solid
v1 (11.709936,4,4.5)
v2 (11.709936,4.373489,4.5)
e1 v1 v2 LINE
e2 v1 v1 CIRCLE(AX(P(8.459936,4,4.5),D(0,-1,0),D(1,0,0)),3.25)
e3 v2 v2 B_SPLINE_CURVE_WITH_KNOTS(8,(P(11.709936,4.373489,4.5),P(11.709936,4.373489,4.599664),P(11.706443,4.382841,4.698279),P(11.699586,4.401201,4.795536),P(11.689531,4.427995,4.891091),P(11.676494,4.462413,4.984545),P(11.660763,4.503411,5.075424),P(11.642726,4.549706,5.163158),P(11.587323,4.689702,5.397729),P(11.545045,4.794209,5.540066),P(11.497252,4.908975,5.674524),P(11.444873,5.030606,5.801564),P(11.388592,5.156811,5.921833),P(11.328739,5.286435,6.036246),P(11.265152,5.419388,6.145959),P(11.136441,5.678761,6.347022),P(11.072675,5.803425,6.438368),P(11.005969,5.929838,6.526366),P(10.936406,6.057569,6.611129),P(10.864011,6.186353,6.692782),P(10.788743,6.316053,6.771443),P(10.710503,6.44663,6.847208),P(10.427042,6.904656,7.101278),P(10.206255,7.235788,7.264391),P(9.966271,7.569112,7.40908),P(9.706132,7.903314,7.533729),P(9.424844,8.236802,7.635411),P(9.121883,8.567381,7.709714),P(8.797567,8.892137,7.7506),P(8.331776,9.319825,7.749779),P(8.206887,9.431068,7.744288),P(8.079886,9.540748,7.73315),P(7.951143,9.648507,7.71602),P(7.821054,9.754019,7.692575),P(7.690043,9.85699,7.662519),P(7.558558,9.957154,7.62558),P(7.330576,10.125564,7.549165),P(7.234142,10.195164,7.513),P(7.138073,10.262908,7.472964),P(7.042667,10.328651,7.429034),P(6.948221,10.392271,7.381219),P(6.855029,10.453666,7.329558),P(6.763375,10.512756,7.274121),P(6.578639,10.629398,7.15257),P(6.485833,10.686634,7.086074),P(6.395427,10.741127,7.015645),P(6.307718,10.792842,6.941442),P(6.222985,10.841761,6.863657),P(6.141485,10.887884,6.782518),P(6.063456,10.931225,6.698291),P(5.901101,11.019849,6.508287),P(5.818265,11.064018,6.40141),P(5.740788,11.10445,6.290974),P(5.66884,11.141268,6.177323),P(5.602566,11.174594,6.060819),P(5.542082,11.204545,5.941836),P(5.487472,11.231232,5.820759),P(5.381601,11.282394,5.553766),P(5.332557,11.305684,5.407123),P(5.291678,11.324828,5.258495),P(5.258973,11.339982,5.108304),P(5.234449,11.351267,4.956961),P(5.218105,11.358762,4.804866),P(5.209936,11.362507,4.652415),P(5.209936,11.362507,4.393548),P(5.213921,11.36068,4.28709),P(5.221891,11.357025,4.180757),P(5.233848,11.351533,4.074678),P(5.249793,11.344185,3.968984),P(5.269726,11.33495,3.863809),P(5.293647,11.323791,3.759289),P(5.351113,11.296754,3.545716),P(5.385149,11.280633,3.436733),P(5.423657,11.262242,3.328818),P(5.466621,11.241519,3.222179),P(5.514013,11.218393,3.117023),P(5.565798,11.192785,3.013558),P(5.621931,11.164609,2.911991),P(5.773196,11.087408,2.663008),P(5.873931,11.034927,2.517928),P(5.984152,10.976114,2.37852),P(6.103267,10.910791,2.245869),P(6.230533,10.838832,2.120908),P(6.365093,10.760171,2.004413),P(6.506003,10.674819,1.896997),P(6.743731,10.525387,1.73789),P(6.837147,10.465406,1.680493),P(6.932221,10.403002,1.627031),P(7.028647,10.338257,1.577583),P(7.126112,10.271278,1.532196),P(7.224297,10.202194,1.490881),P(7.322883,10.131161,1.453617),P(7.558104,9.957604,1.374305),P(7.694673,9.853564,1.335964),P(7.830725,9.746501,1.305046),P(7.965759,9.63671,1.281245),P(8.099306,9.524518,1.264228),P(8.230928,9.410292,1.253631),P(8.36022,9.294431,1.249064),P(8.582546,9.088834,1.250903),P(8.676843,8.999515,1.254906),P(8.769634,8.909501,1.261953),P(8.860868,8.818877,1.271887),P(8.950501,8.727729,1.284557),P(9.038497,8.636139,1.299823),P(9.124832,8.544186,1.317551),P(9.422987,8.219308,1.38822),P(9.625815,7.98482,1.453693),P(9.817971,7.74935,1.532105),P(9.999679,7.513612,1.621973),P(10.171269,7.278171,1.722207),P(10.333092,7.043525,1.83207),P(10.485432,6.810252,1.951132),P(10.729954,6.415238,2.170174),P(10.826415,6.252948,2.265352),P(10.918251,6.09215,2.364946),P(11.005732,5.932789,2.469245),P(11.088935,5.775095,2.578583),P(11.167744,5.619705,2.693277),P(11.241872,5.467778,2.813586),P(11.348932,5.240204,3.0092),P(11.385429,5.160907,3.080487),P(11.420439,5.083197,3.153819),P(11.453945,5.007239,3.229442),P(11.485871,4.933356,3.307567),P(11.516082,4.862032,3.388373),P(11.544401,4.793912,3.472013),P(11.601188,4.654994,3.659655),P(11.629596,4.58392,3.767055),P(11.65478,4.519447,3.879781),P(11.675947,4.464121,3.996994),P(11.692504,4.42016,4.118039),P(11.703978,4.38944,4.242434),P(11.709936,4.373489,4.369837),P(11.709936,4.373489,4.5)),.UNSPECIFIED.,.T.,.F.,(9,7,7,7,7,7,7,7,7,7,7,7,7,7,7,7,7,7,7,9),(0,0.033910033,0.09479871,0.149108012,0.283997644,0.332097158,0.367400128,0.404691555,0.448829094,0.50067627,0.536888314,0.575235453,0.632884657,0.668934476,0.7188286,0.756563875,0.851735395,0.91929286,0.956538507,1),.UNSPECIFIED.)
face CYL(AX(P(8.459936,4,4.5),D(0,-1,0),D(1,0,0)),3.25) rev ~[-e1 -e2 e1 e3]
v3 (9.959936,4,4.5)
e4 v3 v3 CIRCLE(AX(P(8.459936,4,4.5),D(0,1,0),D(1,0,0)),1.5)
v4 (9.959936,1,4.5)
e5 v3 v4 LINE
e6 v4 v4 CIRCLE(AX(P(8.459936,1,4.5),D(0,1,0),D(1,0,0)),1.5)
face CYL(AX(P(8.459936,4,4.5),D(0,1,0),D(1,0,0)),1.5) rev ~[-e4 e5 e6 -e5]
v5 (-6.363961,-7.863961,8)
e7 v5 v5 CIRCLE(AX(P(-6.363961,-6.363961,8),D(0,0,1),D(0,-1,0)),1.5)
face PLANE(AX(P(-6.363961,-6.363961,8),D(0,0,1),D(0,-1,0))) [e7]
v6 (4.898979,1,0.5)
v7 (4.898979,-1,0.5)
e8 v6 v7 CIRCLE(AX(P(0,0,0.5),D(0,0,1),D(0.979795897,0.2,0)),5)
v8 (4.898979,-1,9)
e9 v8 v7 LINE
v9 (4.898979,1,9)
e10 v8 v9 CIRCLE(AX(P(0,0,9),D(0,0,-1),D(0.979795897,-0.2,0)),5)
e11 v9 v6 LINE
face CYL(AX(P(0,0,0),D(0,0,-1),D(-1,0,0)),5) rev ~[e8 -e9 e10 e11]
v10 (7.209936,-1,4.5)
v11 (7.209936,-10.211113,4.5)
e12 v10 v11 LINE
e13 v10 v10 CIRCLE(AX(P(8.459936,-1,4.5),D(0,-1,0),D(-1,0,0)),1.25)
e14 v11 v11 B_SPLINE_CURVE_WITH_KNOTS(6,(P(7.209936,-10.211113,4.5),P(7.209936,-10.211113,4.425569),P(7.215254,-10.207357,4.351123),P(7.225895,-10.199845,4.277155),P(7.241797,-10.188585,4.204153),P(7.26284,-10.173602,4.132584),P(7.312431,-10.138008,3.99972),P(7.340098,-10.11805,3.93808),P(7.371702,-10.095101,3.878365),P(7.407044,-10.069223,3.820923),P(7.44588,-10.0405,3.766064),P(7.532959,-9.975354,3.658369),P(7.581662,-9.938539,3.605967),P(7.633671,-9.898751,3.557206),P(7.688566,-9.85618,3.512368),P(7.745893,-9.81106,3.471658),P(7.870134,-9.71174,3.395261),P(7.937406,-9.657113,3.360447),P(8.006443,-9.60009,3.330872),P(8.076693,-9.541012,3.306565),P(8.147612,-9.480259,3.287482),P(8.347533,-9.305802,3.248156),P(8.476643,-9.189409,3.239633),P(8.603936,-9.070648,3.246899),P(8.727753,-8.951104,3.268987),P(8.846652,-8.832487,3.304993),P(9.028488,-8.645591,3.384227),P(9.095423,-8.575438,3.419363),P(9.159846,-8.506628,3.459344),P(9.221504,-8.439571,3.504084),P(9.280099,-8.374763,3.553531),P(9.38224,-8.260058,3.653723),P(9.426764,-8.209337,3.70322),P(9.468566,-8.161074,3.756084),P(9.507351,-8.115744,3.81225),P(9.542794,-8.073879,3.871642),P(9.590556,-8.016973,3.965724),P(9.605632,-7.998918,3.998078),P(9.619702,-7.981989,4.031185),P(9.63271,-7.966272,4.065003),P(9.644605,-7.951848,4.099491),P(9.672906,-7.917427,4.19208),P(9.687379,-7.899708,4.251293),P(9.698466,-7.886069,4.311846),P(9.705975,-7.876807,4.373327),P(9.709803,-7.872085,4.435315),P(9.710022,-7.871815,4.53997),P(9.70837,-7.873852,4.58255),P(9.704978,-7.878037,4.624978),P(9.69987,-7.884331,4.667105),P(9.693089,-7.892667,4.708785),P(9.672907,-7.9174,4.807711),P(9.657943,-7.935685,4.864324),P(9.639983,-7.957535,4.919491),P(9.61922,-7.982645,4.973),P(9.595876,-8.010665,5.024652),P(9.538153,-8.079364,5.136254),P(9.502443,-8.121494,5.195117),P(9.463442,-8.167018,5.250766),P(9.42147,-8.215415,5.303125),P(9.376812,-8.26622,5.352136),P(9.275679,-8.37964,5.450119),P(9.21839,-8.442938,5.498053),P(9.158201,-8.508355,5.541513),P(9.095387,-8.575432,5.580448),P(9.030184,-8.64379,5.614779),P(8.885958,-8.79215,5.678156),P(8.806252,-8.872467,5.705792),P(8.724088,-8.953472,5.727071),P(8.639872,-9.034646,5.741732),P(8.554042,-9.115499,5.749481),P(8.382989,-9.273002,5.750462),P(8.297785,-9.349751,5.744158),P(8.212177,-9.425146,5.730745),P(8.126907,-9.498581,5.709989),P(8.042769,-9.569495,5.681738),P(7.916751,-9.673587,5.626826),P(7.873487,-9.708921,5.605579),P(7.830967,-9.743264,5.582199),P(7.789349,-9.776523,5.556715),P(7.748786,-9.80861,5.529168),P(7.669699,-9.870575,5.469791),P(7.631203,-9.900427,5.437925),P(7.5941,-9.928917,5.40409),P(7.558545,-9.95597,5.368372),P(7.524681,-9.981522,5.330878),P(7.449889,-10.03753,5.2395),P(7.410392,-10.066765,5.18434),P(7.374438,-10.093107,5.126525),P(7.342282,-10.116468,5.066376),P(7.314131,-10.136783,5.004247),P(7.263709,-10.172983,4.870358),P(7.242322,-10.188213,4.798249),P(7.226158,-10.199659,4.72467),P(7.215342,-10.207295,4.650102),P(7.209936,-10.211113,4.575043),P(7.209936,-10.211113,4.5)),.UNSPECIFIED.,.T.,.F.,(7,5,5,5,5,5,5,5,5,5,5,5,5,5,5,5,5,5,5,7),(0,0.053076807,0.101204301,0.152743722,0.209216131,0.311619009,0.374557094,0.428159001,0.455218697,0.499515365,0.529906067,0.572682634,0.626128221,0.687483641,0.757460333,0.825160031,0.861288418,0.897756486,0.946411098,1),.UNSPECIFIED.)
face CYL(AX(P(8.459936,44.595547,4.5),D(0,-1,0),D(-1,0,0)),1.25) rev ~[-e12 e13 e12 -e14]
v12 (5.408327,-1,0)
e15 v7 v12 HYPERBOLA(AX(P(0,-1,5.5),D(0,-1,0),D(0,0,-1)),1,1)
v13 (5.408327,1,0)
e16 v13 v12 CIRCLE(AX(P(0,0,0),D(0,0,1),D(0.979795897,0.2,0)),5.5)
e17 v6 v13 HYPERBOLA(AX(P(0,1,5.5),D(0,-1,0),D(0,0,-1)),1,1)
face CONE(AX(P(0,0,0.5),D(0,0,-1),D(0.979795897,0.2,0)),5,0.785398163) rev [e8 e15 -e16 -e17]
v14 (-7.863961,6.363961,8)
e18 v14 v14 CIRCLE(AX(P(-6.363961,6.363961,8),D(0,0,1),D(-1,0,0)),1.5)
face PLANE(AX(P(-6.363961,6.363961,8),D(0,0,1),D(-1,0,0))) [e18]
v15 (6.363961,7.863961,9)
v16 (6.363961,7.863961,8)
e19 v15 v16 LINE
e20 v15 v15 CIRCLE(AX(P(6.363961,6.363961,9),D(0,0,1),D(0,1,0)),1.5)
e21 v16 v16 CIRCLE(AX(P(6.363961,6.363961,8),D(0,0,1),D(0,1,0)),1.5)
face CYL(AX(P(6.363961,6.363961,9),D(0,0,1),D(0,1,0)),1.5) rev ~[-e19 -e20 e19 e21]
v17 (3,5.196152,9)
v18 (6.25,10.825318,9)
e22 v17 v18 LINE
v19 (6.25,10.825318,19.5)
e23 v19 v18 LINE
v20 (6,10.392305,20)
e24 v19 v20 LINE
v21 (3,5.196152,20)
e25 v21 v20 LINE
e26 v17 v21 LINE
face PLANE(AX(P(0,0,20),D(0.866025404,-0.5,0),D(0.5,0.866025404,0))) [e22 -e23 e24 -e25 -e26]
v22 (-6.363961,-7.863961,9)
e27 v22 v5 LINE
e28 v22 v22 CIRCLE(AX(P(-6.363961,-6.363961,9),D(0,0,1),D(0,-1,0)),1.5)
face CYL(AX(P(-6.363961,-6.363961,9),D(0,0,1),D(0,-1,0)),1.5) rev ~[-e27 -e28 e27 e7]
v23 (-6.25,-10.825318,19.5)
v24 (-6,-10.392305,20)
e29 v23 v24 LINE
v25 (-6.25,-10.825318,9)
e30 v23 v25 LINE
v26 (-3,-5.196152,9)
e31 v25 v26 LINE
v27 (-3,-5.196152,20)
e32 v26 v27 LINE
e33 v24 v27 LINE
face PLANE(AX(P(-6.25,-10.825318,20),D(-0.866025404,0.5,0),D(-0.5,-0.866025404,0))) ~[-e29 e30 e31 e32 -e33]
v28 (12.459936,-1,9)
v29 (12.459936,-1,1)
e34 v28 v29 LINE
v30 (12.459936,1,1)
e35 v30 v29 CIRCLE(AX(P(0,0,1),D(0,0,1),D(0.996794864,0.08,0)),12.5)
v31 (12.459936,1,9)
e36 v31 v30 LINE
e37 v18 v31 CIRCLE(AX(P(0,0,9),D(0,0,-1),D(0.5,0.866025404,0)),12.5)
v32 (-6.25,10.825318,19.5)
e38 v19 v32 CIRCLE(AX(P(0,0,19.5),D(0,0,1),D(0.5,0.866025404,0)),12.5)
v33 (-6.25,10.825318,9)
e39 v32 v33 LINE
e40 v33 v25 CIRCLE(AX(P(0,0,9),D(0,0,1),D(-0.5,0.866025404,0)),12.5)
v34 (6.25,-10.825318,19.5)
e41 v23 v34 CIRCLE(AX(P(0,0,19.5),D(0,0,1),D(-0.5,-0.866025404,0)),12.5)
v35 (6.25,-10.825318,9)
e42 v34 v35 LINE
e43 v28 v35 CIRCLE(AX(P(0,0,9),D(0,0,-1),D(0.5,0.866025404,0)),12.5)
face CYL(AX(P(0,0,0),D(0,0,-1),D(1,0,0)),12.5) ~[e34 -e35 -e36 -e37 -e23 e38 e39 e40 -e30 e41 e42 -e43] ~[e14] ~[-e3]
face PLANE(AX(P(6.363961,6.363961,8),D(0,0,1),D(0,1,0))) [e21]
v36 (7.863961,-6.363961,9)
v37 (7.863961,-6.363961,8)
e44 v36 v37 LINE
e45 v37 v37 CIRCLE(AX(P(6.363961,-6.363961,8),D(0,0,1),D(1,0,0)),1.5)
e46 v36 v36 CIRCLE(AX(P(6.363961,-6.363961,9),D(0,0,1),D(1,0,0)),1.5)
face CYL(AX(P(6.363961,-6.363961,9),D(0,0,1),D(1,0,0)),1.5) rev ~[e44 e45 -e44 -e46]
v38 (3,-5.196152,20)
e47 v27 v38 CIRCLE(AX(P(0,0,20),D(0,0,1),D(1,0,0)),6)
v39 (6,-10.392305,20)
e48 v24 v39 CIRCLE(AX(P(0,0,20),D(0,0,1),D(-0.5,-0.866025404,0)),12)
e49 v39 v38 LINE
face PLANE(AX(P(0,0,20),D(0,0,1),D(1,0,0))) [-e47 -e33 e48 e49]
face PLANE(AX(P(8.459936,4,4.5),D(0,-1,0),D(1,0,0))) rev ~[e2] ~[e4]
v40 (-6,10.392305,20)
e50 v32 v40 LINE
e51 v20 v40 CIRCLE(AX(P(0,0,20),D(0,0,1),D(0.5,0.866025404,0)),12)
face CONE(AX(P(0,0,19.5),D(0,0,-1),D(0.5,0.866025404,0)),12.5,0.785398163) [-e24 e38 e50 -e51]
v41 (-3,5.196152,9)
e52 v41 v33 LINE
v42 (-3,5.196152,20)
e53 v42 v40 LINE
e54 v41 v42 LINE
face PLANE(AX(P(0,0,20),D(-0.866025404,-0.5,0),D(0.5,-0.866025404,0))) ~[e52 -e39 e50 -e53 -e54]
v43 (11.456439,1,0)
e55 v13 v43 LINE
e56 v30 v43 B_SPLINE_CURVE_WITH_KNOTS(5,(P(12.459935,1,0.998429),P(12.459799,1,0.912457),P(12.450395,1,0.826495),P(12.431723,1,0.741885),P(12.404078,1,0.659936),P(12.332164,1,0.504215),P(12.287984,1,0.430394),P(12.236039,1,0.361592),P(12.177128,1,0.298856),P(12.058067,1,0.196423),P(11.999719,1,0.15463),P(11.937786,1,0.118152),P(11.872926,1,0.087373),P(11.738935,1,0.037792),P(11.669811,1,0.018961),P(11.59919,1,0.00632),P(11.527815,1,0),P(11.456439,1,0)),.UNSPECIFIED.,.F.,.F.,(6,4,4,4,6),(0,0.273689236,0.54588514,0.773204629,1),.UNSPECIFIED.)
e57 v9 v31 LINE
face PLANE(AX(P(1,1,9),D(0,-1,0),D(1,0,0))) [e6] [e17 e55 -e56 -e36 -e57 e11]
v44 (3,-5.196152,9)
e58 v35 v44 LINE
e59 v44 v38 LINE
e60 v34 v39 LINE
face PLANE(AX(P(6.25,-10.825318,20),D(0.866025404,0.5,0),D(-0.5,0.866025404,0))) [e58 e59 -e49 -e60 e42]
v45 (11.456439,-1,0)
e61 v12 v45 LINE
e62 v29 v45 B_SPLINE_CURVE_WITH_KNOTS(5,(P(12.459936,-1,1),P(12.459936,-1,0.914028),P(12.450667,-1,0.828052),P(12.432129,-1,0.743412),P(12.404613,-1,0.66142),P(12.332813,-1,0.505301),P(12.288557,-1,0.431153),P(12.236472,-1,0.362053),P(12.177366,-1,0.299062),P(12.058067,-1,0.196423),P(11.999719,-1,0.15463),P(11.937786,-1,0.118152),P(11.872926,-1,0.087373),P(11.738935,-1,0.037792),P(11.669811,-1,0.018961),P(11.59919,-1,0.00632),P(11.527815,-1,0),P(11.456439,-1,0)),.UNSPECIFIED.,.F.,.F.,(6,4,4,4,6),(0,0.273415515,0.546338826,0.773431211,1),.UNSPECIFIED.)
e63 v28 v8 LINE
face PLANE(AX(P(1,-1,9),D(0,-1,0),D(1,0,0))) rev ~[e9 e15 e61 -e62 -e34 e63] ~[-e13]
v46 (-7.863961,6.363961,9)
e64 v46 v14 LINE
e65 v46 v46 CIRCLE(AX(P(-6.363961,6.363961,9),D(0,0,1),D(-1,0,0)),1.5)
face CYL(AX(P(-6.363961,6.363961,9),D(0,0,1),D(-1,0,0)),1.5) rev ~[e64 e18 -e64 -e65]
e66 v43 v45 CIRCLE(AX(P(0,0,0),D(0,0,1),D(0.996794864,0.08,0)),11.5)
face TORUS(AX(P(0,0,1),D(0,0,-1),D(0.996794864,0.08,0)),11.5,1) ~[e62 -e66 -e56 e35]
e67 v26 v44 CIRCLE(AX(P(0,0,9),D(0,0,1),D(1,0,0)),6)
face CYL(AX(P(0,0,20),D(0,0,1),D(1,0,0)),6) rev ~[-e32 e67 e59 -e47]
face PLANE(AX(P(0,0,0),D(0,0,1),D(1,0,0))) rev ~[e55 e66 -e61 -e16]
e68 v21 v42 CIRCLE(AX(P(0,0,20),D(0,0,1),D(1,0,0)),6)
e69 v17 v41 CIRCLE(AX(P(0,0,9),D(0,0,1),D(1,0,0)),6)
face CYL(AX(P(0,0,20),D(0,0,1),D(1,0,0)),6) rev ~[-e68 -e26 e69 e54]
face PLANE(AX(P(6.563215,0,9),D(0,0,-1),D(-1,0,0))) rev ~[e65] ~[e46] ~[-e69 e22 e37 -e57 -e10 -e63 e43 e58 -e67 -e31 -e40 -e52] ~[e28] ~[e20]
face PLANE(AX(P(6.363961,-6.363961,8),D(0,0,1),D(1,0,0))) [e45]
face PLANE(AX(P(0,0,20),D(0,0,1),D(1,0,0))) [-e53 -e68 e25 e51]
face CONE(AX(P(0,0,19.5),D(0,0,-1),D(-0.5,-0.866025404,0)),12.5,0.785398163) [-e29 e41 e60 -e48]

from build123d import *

# Parameters (mm, degrees)
ESBO_O1_R                 = 12.5
RESSALTO_EXTRUS_O1_DEPTH  = 20
CORTE_EXTRUS_O3_DEPTH     = 11
ESBO_O3_R                 = 5
CORTE_EXTRUS_O4_DEPTH     = 21
ESBO_O6_W                 = 12
ESBO_O6_H                 = 2
CORTE_EXTRUS_O5_DEPTH     = 10
CORTE_EXTRUS_O6_START     = -3
ESBO_O7_R                 = 3.25
CORTE_EXTRUS_O6_DEPTH     = 9.5
FURO_ROSCADO_DE_M3X0_51_D = 2.5
FILETE1_R                 = 1
ESBO_O10_R                = 1.5
CORTE_EXTRUS_O7_DEPTH     = 1
CHANFRO1_SIZE             = 0.5
CORTE_EXTRUS_O8_REACH     = 18.5
ESBO_O11_R                = 1.5
ESBO_O12_R                = 6
CORTE_EXTRUS_O9_DEPTH     = 11
PADR_OCIRCULAR1_COUNT     = 4
CHANFRO2_SIZE             = 0.5


with BuildPart() as part:
    # Esboço1 → Ressalto-extrusão1 (new body)
    with BuildSketch(Plane.XY):
        Circle(ESBO_O1_R)
    extrude(amount=RESSALTO_EXTRUS_O1_DEPTH)

    # Esboço2 → Corte-extrusão3 (cut)
    with BuildSketch(Plane.XY.offset(20)):
        with BuildLine():
            Line((0, 0), (6.25, 10.825317547))
            ThreePointArc((6.25, 10.825317547), (12.5, 0), (6.25, -10.825317547))
            Line((6.25, -10.825317547), (0, 0))
        make_face()
    corte_extrus_o3 = extrude(amount=-CORTE_EXTRUS_O3_DEPTH, mode=Mode.SUBTRACT)

    # Esboço3 → Corte-extrusão4 (cut, through all)
    with BuildSketch(Plane(origin=(0, 0, 0), x_dir=(-1, 0, 0), z_dir=(0, 0, -1))):
        Circle(ESBO_O3_R)
    extrude(amount=-CORTE_EXTRUS_O4_DEPTH, mode=Mode.SUBTRACT)

    # Espelhar1: Corte-extrusão3 across plane
    add(corte_extrus_o3.mirror(Plane(origin=(0, 0, 0), x_dir=(0, 0, 1), z_dir=(1, 0, 0))), mode=Mode.SUBTRACT)

    # Esboço6 → Corte-extrusão5 (cut, through all)
    with BuildSketch(Plane.XY.offset(9)):
        with Locations((7, 0)):
            Rectangle(ESBO_O6_W, ESBO_O6_H)
    extrude(amount=-CORTE_EXTRUS_O5_DEPTH, mode=Mode.SUBTRACT)

    # Esboço7 → Corte-extrusão6 (cut, through all)
    with BuildSketch(Plane.XZ.offset(-1).offset(CORTE_EXTRUS_O6_START)):
        with Locations((8.459935794, 4.5)):
            Circle(ESBO_O7_R)
    extrude(amount=-CORTE_EXTRUS_O6_DEPTH, mode=Mode.SUBTRACT)

    # Furo roscado de M3x0.51 (through all)
    with Locations(Plane(origin=(0, 4, 0), x_dir=(1, 0, 0), z_dir=(0, 1, 0))):
        with Locations((8.459935794, -4.5)):
            Hole(FURO_ROSCADO_DE_M3X0_51_D / 2)

    # Filete1
    filete1_edges = [part.edges().sort_by_distance(p)[0] for p in [
        (-12.5, 0, 0),
    ]]
    fillet(filete1_edges, radius=FILETE1_R)

    # Esboço10 → Corte-extrusão7 (cut)
    with BuildSketch(Plane.XY.offset(9)):
        with Locations((6.363961031, -6.363961031)):
            Circle(ESBO_O10_R)
    corte_extrus_o7 = extrude(amount=-CORTE_EXTRUS_O7_DEPTH, mode=Mode.SUBTRACT)

    # Chanfro1
    chanfro1_edges = [part.edges().sort_by_distance(p)[0] for p in [
        (0, -12.5, 20),
        (0, 12.5, 20),
    ]]
    chamfer(chanfro1_edges, length=CHANFRO1_SIZE)

    # Esboço11 → Corte-extrusão8 (cut, up to next)
    with BuildSketch(Plane(origin=(0, 4, 0), x_dir=(1, 0, 0), z_dir=(0, 1, 0)), mode=Mode.PRIVATE) as corte_extrus_o8_sk1:
        with Locations((8.459935794, -4.5)):
            Circle(ESBO_O11_R)
    corte_extrus_o8_tool1 = extrude(corte_extrus_o8_sk1.sketch, amount=-CORTE_EXTRUS_O8_REACH, mode=Mode.PRIVATE) & part.part
    add(corte_extrus_o8_tool1.solids().sort_by_distance((8.459936, 4, 4.5))[0], mode=Mode.SUBTRACT)

    # Esboço12 → Corte-extrusão9 (cut)
    with BuildSketch(Plane.XY.offset(20)):
        Circle(ESBO_O12_R)
    extrude(amount=-CORTE_EXTRUS_O9_DEPTH, mode=Mode.SUBTRACT)

    # PadrãoCircular1: Corte-extrusão7 ×4 about axis
    padr_ocircular1_axis = Axis((0, 0, 0), (0, 0, 1))
    for i in range(1, PADR_OCIRCULAR1_COUNT):
        add(corte_extrus_o7.rotate(padr_ocircular1_axis, i * 360 / PADR_OCIRCULAR1_COUNT), mode=Mode.SUBTRACT)

    # Chanfro2
    chanfro2_edges = [part.edges().sort_by_distance(p)[0] for p in [
        (-5, 0, 0),
    ]]
    chamfer(chanfro2_edges, length=CHANFRO2_SIZE)


solid = part.part
